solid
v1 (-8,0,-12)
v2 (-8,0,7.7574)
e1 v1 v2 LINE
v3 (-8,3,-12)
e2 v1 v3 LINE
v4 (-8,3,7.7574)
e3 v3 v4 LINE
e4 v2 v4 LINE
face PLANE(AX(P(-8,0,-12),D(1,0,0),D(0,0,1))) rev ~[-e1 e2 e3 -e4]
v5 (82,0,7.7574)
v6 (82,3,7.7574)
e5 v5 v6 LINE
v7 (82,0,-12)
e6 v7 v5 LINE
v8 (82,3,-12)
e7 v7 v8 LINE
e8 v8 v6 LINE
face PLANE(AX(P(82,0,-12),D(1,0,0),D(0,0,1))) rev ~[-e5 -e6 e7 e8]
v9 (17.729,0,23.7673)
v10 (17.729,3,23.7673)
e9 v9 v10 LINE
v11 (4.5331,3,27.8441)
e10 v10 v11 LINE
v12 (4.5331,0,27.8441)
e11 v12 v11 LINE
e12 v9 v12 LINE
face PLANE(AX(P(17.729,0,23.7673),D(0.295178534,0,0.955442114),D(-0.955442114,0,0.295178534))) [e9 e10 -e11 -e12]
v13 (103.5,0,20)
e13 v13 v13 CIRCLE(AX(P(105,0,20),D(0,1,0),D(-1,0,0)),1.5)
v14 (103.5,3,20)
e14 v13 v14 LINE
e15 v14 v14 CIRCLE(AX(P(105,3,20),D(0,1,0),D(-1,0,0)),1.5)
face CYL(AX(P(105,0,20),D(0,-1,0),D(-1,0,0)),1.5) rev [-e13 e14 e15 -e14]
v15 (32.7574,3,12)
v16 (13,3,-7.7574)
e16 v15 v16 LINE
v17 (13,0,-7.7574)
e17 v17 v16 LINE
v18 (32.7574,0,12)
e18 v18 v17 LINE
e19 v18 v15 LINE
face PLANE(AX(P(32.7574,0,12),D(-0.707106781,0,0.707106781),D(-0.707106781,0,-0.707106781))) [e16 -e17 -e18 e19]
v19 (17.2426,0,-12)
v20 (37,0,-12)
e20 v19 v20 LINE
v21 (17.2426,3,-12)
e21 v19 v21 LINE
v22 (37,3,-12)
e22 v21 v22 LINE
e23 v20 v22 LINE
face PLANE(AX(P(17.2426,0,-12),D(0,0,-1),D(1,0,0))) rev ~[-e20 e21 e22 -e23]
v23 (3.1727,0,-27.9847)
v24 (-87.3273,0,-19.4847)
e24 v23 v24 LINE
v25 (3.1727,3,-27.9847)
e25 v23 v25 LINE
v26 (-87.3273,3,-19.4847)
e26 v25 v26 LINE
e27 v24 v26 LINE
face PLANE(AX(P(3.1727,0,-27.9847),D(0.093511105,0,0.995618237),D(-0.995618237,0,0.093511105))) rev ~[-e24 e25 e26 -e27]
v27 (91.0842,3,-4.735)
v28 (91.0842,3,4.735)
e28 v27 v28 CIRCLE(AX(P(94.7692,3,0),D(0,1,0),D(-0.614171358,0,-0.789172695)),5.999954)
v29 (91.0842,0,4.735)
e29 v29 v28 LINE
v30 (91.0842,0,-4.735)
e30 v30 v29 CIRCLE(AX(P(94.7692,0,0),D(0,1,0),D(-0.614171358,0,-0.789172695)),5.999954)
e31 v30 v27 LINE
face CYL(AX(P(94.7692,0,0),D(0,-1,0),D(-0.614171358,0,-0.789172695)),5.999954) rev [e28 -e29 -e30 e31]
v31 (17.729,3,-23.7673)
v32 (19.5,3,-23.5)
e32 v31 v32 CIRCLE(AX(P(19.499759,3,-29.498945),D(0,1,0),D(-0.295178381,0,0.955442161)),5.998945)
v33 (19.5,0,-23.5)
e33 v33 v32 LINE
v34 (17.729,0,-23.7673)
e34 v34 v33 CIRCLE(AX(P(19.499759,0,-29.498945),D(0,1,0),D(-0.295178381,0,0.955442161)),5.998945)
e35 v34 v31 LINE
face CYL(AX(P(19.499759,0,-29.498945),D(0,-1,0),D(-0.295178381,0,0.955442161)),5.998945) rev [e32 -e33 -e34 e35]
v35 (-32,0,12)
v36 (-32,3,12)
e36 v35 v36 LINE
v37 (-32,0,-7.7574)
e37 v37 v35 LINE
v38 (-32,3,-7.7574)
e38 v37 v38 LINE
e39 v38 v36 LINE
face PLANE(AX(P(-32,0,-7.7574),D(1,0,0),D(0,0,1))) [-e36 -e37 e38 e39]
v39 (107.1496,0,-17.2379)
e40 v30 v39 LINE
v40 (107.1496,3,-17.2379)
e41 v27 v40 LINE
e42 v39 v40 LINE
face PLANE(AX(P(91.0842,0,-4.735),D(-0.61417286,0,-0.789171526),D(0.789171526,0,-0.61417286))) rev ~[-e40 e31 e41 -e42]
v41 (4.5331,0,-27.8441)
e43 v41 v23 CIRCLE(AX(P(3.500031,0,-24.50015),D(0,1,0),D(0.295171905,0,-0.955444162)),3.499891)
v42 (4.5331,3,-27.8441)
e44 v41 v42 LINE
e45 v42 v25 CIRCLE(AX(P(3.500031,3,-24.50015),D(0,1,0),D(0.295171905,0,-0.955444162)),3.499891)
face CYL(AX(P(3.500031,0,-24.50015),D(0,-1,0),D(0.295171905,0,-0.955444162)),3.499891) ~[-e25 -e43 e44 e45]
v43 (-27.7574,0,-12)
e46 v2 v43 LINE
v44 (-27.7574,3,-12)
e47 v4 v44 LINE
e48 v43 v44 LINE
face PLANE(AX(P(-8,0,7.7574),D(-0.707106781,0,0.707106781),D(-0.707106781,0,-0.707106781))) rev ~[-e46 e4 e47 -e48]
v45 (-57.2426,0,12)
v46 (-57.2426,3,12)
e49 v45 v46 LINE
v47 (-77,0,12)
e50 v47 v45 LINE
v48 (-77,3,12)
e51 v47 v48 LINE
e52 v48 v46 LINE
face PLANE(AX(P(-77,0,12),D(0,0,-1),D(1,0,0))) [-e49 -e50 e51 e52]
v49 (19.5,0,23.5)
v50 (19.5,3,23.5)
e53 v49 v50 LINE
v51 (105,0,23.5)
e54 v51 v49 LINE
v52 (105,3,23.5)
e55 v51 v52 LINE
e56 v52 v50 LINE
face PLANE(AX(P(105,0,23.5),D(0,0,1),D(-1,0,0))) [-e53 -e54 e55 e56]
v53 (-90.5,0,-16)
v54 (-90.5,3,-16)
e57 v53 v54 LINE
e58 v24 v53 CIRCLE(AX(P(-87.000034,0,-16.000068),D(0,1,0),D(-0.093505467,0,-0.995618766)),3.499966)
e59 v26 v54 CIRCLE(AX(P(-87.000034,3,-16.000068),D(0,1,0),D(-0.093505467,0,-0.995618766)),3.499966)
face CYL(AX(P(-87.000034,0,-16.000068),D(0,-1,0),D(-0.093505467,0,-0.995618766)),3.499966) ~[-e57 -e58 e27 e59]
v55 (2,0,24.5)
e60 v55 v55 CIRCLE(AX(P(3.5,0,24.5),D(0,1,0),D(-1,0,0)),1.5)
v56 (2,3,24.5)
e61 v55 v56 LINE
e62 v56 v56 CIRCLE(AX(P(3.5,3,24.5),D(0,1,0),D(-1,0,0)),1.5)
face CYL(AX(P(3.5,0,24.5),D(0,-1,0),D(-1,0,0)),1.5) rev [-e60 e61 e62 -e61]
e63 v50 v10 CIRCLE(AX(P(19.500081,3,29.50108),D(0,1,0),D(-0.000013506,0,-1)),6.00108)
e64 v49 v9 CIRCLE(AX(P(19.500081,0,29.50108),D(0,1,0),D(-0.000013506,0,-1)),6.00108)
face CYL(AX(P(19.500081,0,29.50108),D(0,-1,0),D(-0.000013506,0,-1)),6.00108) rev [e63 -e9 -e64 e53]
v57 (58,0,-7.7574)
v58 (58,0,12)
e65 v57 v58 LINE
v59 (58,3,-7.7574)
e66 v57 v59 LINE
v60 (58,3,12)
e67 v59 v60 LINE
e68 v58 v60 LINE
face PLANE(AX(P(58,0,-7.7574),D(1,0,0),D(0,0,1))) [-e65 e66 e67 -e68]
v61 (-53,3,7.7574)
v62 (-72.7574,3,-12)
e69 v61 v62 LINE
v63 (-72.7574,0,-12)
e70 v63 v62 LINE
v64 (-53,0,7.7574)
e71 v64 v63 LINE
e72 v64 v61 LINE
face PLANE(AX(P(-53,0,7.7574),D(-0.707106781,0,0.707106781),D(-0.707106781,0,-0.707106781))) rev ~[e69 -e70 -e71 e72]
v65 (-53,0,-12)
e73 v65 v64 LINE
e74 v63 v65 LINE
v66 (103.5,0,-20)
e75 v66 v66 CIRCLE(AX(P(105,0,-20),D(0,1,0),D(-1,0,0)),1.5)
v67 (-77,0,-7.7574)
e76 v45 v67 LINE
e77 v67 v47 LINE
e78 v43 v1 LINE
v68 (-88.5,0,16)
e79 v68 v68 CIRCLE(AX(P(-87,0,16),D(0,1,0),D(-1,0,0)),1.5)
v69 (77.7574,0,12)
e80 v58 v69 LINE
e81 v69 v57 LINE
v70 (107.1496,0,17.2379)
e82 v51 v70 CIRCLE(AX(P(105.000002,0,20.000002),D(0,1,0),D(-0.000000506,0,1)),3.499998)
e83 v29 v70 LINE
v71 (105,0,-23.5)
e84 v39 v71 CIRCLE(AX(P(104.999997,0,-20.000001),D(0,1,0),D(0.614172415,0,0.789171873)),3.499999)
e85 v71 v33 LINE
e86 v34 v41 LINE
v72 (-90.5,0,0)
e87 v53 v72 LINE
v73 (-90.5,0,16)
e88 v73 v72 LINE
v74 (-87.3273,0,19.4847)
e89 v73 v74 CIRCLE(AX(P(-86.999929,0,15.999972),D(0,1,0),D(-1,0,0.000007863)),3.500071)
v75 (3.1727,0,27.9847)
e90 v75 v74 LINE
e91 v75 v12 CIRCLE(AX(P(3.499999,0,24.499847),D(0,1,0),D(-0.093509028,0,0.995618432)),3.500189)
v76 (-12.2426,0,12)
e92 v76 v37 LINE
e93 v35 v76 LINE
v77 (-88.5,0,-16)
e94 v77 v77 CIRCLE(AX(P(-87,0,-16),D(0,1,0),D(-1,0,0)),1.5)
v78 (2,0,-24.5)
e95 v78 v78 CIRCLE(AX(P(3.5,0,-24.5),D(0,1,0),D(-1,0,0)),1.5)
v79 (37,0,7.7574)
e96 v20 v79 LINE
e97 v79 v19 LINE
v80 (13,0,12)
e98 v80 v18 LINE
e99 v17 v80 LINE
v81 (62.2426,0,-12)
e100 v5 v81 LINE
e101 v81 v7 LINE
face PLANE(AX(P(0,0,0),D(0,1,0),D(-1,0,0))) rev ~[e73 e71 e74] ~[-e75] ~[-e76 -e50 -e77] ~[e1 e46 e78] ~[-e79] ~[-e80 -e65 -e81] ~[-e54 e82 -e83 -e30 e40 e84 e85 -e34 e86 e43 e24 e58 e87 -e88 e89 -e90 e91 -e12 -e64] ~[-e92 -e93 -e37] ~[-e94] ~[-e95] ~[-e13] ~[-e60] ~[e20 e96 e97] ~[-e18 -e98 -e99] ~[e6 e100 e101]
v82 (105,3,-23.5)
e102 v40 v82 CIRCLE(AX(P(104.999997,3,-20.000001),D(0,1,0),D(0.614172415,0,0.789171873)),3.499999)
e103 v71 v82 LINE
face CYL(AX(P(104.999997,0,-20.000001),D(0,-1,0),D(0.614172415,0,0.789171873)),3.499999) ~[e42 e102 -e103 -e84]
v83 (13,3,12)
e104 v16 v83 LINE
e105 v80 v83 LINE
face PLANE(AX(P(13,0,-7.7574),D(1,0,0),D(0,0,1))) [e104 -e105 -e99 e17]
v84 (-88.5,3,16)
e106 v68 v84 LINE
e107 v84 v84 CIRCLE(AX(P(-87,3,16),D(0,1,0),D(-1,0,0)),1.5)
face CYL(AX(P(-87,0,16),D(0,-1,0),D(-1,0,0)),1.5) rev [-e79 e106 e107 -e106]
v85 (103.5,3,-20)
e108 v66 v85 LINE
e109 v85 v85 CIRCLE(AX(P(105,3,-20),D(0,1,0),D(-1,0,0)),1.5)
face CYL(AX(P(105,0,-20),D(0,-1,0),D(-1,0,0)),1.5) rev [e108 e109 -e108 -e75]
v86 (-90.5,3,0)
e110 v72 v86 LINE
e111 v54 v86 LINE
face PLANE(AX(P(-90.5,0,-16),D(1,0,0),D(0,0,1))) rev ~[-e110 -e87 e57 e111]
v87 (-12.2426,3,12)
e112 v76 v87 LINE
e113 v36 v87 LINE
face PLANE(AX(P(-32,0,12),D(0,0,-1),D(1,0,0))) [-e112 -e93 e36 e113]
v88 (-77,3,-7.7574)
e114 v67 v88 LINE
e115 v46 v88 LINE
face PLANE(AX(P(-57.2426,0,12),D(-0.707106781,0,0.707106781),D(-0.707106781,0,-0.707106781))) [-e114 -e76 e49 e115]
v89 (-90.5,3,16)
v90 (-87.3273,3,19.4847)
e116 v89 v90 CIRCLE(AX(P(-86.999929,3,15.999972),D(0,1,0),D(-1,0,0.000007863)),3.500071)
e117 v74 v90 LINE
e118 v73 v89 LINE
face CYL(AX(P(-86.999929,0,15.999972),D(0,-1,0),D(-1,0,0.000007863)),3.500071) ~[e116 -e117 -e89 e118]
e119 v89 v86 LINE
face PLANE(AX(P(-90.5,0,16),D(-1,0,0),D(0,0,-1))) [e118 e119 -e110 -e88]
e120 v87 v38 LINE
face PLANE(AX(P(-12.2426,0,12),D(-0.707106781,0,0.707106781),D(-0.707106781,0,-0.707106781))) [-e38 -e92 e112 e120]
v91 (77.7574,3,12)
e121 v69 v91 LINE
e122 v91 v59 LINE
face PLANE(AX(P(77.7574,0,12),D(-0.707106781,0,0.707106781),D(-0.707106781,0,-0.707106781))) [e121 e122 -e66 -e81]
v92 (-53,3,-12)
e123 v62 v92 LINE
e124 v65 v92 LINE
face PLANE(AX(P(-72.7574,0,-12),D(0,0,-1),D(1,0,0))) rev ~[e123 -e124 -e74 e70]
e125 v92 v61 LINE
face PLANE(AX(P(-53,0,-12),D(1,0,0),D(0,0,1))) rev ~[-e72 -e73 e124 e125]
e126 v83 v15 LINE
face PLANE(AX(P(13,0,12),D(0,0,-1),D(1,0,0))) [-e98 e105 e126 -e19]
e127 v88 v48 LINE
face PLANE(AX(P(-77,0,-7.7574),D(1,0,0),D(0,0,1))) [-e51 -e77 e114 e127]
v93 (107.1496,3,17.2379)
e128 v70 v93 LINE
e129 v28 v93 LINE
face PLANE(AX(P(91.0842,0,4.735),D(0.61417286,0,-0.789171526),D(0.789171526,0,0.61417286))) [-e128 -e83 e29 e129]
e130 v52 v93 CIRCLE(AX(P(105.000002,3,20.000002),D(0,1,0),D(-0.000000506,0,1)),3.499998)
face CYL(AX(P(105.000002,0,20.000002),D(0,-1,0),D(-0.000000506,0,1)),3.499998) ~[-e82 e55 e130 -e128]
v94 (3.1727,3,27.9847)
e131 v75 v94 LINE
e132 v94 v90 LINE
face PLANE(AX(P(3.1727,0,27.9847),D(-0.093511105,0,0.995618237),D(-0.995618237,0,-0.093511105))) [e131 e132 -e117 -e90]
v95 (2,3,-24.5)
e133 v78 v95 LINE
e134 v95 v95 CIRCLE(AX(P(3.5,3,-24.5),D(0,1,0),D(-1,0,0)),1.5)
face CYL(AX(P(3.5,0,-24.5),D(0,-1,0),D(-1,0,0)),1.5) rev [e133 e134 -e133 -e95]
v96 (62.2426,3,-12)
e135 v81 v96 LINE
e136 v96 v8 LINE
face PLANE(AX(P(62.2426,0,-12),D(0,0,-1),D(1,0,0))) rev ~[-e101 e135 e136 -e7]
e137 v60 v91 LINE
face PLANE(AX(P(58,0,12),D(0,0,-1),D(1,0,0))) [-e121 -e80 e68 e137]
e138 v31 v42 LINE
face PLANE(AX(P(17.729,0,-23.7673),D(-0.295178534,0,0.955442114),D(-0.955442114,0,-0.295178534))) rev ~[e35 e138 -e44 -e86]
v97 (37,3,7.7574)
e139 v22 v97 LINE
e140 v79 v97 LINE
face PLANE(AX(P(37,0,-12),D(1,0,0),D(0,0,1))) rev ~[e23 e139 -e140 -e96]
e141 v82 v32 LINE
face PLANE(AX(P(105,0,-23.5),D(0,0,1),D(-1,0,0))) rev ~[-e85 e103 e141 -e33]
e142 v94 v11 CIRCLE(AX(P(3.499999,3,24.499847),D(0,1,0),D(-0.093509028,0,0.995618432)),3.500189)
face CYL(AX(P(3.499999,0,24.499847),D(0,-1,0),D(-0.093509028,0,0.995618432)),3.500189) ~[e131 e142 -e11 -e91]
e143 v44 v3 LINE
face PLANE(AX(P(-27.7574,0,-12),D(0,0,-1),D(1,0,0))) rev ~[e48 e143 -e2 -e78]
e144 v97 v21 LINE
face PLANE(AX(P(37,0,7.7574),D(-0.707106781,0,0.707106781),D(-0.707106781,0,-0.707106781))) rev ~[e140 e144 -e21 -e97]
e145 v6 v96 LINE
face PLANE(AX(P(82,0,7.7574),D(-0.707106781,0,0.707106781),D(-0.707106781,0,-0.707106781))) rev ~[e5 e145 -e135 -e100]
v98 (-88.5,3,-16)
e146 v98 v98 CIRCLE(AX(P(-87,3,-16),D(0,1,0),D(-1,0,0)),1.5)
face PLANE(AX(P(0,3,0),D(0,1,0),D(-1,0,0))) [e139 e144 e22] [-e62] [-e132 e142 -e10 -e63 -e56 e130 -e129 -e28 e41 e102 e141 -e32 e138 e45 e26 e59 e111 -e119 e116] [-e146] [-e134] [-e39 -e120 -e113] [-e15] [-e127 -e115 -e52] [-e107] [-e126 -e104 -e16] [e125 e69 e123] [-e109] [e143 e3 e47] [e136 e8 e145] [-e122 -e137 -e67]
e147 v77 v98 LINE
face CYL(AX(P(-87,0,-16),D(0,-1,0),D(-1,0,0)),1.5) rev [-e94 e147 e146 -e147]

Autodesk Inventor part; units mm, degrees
ref_plane "YZ Plane" through (0, 0, 0) normal (1, 0, 0) x (0, 1, 0)
ref_plane "XZ Plane" through (0, 0, 0) normal (0, 1, 0) x (-1, 0, 0)
ref_plane "XY Plane" through (0, 0, 0) normal (0, 0, 1) x (1, 0, 0)
sketch "Szkic2" plane through (0, 0, 0) normal (0, 1, 0) x (-1, 0, 0)
  circle A0 centre (-88.3883, 88.3883) radius 3 construction
  circle A1 centre (-88.3883, -88.3883) radius 3 construction
  circle A2 centre (88.3883, -88.3883) radius 3 construction
  circle A3 centre (88.3883, 88.3883) radius 3 construction
  circle A4 centre (-88.3883, 96.3883) radius 1.5 construction
  circle A5 centre (-96.3883, 88.3883) radius 1.5 construction
  circle A6 centre (-88.3883, 80.3883) radius 1.5 construction
  circle A7 centre (-80.3883, 88.3883) radius 1.5 construction
  circle A8 centre (-96.3883, -88.3883) radius 1.5 construction
  circle A9 centre (-88.3883, -96.3883) radius 1.5 construction
  circle A10 centre (-88.3883, -80.3883) radius 1.5 construction
  circle A11 centre (-80.3883, -88.3883) radius 1.5 construction
  circle A12 centre (88.3883, -96.3883) radius 1.5 construction
  circle A13 centre (96.3883, -88.3883) radius 1.5 construction
  circle A14 centre (80.3883, -88.3883) radius 1.5 construction
  circle A15 centre (88.3883, -80.3883) radius 1.5 construction
  circle A16 centre (96.3883, 88.3883) radius 1.5 construction
  circle A17 centre (88.3883, 96.3883) radius 1.5 construction
  circle A18 centre (88.3883, 80.3883) radius 1.5 construction
  circle A19 centre (80.3883, 88.3883) radius 1.5 construction
  line L0 (82.7315, 75.6604) -> (89.8026, 75.6604) construction
  line L1 (89.8026, 75.6604) -> (101.1163, 86.9741) construction
  line L2 (101.1163, 86.9741) -> (101.1163, 94.0452) construction
  line L3 (101.1163, 94.0452) -> (94.0452, 101.1163) construction
  line L4 (94.0452, 101.1163) -> (86.9741, 101.1163) construction
  line L5 (86.9741, 101.1163) -> (75.6604, 89.8026) construction
  line L6 (75.6604, 89.8026) -> (75.6604, 82.7315) construction
  line L7 (75.6604, 82.7315) -> (23.3934, 30.4645) construction
  arc A20 (19.8579, 29) -> (23.3934, 30.4645) centre (19.8579, 34) ccw construction
  line L8 (19.8579, 29) -> (-19.8579, 29) construction
  arc A21 (-23.3934, 30.4645) -> (-19.8579, 29) centre (-19.8579, 34) ccw construction
  line L9 (-23.3934, 30.4645) -> (-75.6604, 82.7315) construction
  line L10 (-75.6604, 82.7315) -> (-75.6604, 89.8026) construction
  line L11 (-75.6604, 89.8026) -> (-86.9741, 101.1163) construction
  line L12 (-86.9741, 101.1163) -> (-94.0452, 101.1163) construction
  line L13 (-94.0452, 101.1163) -> (-101.1163, 94.0452) construction
  line L14 (-101.1163, 94.0452) -> (-101.1163, 86.9741) construction
  line L15 (-101.1163, 86.9741) -> (-89.8026, 75.6604) construction
  line L16 (-89.8026, 75.6604) -> (-82.7315, 75.6604) construction
  line L17 (-82.7315, 75.6604) -> (-44.6066, 37.5355) construction
  arc A22 (-48.1421, 29) -> (-44.6066, 37.5355) centre (-48.1421, 34) ccw construction
  line L18 (-48.1421, 29) -> (-92.6893, 29) construction
  arc A23 (-92.6893, 29) -> (-94.2344, 28.7553) centre (-92.6893, 24) ccw construction
  line L19 (-94.2344, 28.7553) -> (-106.5451, 24.7553) construction
  arc A24 (-106.5451, 24.7553) -> (-110, 20) centre (-105, 20) ccw construction
  line L20 (-110, 20) -> (-110, -20) construction
  arc A25 (-110, -20) -> (-106.5451, -24.7553) centre (-105, -20) ccw construction
  line L21 (-106.5451, -24.7553) -> (-94.2344, -28.7553) construction
  arc A26 (-94.2344, -28.7553) -> (-92.6893, -29) centre (-92.6893, -24) ccw construction
  line L22 (-92.6893, -29) -> (-48.1421, -29) construction
  arc A27 (-44.6066, -37.5355) -> (-48.1421, -29) centre (-48.1421, -34) ccw construction
  line L23 (-44.6066, -37.5355) -> (-82.7315, -75.6604) construction
  line L24 (-82.7315, -75.6604) -> (-89.8026, -75.6604) construction
  line L25 (-89.8026, -75.6604) -> (-101.1163, -86.9741) construction
  line L26 (-101.1163, -86.9741) -> (-101.1163, -94.0452) construction
  line L27 (-101.1163, -94.0452) -> (-94.0452, -101.1163) construction
  line L28 (-94.0452, -101.1163) -> (-86.9741, -101.1163) construction
  line L29 (-86.9741, -101.1163) -> (-75.6604, -89.8026) construction
  line L30 (-75.6604, -89.8026) -> (-75.6604, -82.7315) construction
  line L31 (-75.6604, -82.7315) -> (-23.3934, -30.4645) construction
  arc A28 (-19.8579, -29) -> (-23.3934, -30.4645) centre (-19.8579, -34) ccw construction
  line L32 (-19.8579, -29) -> (19.8579, -29) construction
  arc A29 (23.3934, -30.4645) -> (19.8579, -29) centre (19.8579, -34) ccw construction
  line L33 (23.3934, -30.4645) -> (75.6604, -82.7315) construction
  line L34 (75.6604, -82.7315) -> (75.6604, -89.8026) construction
  line L35 (75.6604, -89.8026) -> (86.9741, -101.1163) construction
  line L36 (86.9741, -101.1163) -> (94.0452, -101.1163) construction
  line L37 (94.0452, -101.1163) -> (101.1163, -94.0452) construction
  line L38 (101.1163, -94.0452) -> (101.1163, -86.9741) construction
  line L39 (101.1163, -86.9741) -> (89.8026, -75.6604) construction
  line L40 (89.8026, -75.6604) -> (82.7315, -75.6604) construction
  line L41 (82.7315, -75.6604) -> (44.6066, -37.5355) construction
  arc A30 (48.1421, -29) -> (44.6066, -37.5355) centre (48.1421, -34) ccw construction
  line L42 (48.1421, -29) -> (73.1421, -29) construction
  arc A31 (73.1421, -29) -> (77.0275, -28.2143) centre (73.1421, -19) ccw construction
  line L43 (77.0275, -28.2143) -> (88.8853, -23.2143) construction
  arc A32 (88.8853, -23.2143) -> (95, -14) centre (85, -14) ccw construction
  line L44 (95, -14) -> (95, 14) construction
  arc A33 (95, 14) -> (88.8853, 23.2143) centre (85, 14) ccw construction
  line L45 (88.8853, 23.2143) -> (77.0275, 28.2143) construction
  arc A34 (77.0275, 28.2143) -> (73.1421, 29) centre (73.1421, 19) ccw construction
  line L46 (73.1421, 29) -> (48.1421, 29) construction
  arc A35 (44.6066, 37.5355) -> (48.1421, 29) centre (48.1421, 34) ccw construction
  line L47 (44.6066, 37.5355) -> (82.7315, 75.6604) construction
  circle A36 centre (-3.5, 24.5) radius 1.5
  circle A37 centre (87, 16) radius 1.5
  circle A38 centre (-105, 20) radius 1.5
  line L48 (0, 0) -> (95, 0) construction
  line L49 (0, 0) -> (0, 60.6938) construction
  circle A39 centre (87, -16) radius 1.5
  circle A40 centre (-105, -20) radius 1.5
  circle A41 centre (-3.5, -24.5) radius 1.5
  line L50 (223.398, 0) -> (223.398, -75.6604) construction
  line L51 (223.398, -75.6604) -> (321.3499, 0) construction
  line L52 (321.3499, 0) -> (228.4095, 80.3883) construction
  line L53 (228.4095, 80.3883) -> (228.4095, 19.0873) construction
  line L54 (228.4095, 19.0873) -> (177.4792, 19.0873) construction
  line L55 (177.4792, 19.0873) -> (177.4792, 0) construction
  line L56 (177.4792, 0) -> (223.398, 0) construction
  circle A42 centre (-88.3883, 88.3883) radius 63.5 construction
  circle A43 centre (88.3883, 88.3883) radius 63.5 construction
  arc A44 (-105, 23.5) -> (-107.1496, 17.2379) centre (-105, 20) ccw
  line L57 (-91.0842, 4.735) -> (-107.1496, 17.2379)
  line L58 (-105, 23.5) -> (-19.5, 23.5)
  arc A45 (90.5, 16) -> (87.3273, 19.4847) centre (87, 16) ccw
  line L59 (90.5, 16) -> (90.5, 0)
  arc A46 (-19.5, 23.5) -> (-17.729, 23.7673) centre (-19.5, 29.5) ccw
  arc A47 (-3.1727, 27.9847) -> (-4.5331, 27.8441) centre (-3.5, 24.5) ccw
  line L60 (-17.729, 23.7673) -> (-4.5331, 27.8441)
  line L61 (-3.1727, 27.9847) -> (87.3273, 19.4847)
  arc A48 (-107.1496, -17.2379) -> (-105, -23.5) centre (-105, -20) ccw
  line L62 (-91.0842, -4.735) -> (-107.1496, -17.2379)
  arc A49 (87.3273, -19.4847) -> (90.5, -16) centre (87, -16) ccw
  line L63 (90.5, -16) -> (90.5, 0)
  arc A50 (-4.5331, -27.8441) -> (-3.1727, -27.9847) centre (-3.5, -24.5) ccw
  line L64 (-3.1727, -27.9847) -> (87.3273, -19.4847)
  arc A51 (-91.0842, -4.735) -> (-91.0842, 4.735) centre (-94.7692, 0) ccw
  line L65 (-85, 15) -> (-55, 15) construction
  line L66 (-55, 15) -> (-55, -15) construction
  line L67 (-55, -15) -> (-85, -15) construction
  line L68 (-85, -15) -> (-85, 15) construction
  line L69 (-85, 15) -> (-55, -15) construction
  line L70 (-55, 15) -> (-85, -15) construction
  line L71 (-58, -7.7574) -> (-58, 12)
  line L72 (-58, 12) -> (-77.7574, 12)
  line L73 (-77.7574, 12) -> (-58, -7.7574)
  line L74 (-62.2426, -12) -> (-82, -12)
  line L75 (-82, -12) -> (-82, 7.7574)
  line L76 (-82, 7.7574) -> (-62.2426, -12)
  line L77 (-13, 12) -> (-32.7574, 12)
  line L78 (-13, -7.7574) -> (-13, 12)
  line L79 (-32.7574, 12) -> (-13, -7.7574)
  line L80 (-37, 7.7574) -> (-17.2426, -12)
  line L81 (-37, -12) -> (-37, 7.7574)
  line L82 (-17.2426, -12) -> (-37, -12)
  line L83 (32, 12) -> (12.2426, 12)
  line L84 (32, -7.7574) -> (32, 12)
  line L85 (12.2426, 12) -> (32, -7.7574)
  line L86 (8, 7.7574) -> (27.7574, -12)
  line L87 (8, -12) -> (8, 7.7574)
  line L88 (27.7574, -12) -> (8, -12)
  line L89 (77, 12) -> (57.2426, 12)
  line L90 (77, -7.7574) -> (77, 12)
  line L91 (57.2426, 12) -> (77, -7.7574)
  line L92 (53, 7.7574) -> (72.7574, -12)
  line L93 (53, -12) -> (53, 7.7574)
  line L94 (72.7574, -12) -> (53, -12)
  line L95 (-105, -23.5) -> (-19.5, -23.5)
  arc A52 (-17.729, -23.7673) -> (-19.5, -23.5) centre (-19.5, -29.5) ccw
  line L96 (-17.729, -23.7673) -> (-4.5331, -27.8441)
  point P0 (-70, 0)
  point P1 (-60, 0)
  point P2 (47.066, 0)
  point P3 (-85, 0)
  point P4 (-19.1898, 23.5)
  point P5 (-70, 0)
  dimension "d26" = 3
  dimension "d27" = 20
  dimension "d28" = 16
  dimension "d29" = 8
  dimension "d40" = 110
  dimension "d41" = 29
  dimension "d42" = 95
  dimension "d43" = 24.5
  dimension "d44" = 3.5
  dimension "d45" = 5
  dimension "d46" = 127
  dimension "d47" = 127
  dimension "d48" = 7
  dimension "d49" = 7
  dimension "d50" = 25
  dimension "d51" = 6
  dimension "d52" = 7
  dimension "d53" = 16
  dimension "d54" = 6
  dimension "d55" = 30
  dimension "d56" = 30
  dimension "d57" = 70
  dimension "d58" = 3
  dimension "d61" = 45
extrude "Wyciągnięcie proste1" add sketch "Szkic2" along normal blind 3
properties part number "rama_gorna"
